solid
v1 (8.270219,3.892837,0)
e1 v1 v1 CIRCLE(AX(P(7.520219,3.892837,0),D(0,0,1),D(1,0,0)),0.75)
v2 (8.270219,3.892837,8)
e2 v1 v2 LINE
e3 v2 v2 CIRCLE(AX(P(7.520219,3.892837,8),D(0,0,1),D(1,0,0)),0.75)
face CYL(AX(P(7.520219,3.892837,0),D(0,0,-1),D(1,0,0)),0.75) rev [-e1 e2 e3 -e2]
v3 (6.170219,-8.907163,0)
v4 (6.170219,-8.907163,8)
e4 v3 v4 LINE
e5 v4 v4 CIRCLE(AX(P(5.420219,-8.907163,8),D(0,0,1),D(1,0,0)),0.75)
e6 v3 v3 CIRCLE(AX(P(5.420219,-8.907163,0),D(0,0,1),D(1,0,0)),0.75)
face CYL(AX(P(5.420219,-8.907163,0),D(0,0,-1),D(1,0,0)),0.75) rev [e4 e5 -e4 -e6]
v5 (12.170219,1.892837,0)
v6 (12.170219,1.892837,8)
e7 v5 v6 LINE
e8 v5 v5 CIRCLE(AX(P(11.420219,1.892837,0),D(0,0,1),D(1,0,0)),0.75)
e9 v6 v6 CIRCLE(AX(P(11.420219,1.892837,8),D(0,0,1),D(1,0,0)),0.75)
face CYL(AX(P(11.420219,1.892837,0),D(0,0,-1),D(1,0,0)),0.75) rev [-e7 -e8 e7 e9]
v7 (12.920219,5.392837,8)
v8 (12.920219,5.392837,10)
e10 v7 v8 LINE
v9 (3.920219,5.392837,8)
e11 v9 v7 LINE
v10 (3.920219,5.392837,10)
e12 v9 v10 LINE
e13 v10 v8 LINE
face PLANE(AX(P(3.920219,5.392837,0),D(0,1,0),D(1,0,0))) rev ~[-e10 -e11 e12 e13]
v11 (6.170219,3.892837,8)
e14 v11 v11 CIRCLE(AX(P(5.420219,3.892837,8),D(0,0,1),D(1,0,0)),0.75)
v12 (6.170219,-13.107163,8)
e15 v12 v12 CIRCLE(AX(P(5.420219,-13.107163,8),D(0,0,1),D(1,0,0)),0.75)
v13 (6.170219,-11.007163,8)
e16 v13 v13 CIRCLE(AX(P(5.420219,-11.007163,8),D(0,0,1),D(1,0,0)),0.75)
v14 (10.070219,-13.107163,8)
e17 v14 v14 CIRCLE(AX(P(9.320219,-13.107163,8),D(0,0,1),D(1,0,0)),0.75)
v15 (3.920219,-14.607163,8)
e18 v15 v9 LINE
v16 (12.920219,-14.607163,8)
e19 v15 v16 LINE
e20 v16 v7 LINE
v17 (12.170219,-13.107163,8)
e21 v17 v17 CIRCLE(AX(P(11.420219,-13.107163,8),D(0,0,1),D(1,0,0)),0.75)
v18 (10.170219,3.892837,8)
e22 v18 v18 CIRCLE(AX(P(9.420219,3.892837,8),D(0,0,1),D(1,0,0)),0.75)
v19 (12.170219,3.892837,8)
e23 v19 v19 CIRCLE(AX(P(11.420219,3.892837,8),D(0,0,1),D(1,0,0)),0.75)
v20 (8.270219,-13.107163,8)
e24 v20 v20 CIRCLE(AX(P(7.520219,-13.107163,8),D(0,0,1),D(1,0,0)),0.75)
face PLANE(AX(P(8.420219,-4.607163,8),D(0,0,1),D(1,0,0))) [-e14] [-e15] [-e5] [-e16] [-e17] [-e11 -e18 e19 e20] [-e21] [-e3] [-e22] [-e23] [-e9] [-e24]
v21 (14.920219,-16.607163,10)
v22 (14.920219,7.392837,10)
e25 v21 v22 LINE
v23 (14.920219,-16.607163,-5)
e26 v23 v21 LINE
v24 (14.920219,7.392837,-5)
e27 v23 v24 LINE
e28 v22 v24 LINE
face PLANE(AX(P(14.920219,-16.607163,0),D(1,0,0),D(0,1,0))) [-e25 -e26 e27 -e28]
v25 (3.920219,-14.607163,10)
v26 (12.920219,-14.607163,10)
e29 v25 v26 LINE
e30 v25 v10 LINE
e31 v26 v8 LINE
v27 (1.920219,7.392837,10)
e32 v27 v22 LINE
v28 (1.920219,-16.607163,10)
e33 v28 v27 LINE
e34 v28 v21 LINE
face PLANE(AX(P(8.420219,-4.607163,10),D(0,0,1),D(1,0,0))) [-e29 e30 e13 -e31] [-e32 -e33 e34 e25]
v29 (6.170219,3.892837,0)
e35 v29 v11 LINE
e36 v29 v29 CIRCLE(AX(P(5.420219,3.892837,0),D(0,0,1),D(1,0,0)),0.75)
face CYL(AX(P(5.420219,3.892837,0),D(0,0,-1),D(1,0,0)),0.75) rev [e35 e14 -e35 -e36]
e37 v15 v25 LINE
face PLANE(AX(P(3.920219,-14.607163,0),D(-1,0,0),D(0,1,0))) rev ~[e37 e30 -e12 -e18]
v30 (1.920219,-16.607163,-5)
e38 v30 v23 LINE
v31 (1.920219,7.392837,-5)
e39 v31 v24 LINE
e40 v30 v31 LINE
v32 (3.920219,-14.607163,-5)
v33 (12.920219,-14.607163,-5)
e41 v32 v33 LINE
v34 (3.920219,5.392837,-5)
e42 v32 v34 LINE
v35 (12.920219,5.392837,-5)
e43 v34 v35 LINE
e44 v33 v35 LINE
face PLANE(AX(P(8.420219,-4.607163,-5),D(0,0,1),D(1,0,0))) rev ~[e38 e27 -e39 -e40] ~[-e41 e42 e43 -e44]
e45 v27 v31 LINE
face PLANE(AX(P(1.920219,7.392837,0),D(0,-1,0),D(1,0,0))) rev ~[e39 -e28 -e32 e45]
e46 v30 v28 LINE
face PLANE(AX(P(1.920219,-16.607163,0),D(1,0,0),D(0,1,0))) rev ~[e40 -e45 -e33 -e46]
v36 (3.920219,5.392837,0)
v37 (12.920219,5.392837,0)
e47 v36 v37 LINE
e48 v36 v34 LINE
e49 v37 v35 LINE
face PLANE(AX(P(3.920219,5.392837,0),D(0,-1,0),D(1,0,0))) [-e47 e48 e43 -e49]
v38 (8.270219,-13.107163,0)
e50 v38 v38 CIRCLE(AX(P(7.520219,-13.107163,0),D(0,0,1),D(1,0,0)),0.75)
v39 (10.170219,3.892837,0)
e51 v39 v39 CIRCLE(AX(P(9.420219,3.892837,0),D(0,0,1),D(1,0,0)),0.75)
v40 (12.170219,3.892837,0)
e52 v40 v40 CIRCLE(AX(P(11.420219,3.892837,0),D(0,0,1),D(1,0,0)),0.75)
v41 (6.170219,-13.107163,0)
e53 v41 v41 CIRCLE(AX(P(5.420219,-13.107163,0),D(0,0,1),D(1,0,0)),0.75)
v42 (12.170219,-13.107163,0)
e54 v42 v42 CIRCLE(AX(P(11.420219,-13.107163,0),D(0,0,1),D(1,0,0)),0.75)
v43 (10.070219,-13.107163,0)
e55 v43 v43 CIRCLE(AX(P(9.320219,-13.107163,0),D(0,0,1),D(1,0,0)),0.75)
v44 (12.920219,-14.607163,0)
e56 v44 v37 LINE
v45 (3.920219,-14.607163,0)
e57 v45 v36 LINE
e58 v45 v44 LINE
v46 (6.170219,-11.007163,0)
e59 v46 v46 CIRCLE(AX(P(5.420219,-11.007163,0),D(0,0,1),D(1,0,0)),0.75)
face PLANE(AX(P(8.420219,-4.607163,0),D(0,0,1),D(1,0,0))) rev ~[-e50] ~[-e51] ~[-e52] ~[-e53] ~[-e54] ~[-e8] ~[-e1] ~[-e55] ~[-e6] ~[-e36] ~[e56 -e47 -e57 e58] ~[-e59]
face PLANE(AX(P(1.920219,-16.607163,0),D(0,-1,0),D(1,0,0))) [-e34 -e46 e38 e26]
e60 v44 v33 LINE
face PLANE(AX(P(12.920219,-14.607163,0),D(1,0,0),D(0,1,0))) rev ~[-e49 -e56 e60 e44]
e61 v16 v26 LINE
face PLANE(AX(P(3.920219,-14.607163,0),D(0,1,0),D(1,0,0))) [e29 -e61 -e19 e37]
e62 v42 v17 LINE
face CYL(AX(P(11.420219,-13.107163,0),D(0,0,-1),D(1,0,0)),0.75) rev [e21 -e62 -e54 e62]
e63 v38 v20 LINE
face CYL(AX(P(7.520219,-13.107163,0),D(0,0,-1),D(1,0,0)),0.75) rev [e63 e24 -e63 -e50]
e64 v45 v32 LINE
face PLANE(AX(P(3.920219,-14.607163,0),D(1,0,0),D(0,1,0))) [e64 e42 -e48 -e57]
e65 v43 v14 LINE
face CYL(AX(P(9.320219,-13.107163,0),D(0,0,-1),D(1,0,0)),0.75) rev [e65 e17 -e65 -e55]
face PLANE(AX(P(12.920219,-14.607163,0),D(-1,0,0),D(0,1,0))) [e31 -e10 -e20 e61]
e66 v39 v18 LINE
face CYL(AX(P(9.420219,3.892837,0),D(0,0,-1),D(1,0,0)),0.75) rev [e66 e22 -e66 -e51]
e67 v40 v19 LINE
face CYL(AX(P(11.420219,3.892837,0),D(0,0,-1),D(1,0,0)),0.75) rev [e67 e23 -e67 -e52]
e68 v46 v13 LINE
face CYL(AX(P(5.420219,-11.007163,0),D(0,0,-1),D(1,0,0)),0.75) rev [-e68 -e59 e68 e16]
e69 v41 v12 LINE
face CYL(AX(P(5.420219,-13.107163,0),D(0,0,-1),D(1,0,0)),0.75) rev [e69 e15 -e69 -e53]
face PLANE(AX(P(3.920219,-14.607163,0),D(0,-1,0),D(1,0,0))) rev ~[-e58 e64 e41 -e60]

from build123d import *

# Parameters (mm, degrees)
F0_W     = 13
F0_H     = 24
F0_W_2   = 9
F0_H_2   = 20
F1_DEPTH = 10
F0_R     = 0.75
F2_DEPTH = 8
F3_DEPTH = 5


with BuildPart() as f1:
    # F0 (on Top) → F1 (new body)
    with BuildSketch(Plane.XY):
        with Locations((8.4202193944, -4.6071633101)):
            Rectangle(F0_W, F0_H)
        with Locations((8.4202193944, -4.6071633101)):
            Rectangle(F0_W_2, F0_H_2, mode=Mode.SUBTRACT)
    extrude(amount=F1_DEPTH)

    # F0 (on Top) → F2 (join)
    with BuildSketch(Plane.XY):
        with Locations((8.4202193944, -4.6071633101)):
            Rectangle(F0_W, F0_H)
        with Locations((8.4202193944, -4.6071633101)):
            Rectangle(F0_W_2, F0_H_2, mode=Mode.SUBTRACT)
        with Locations((8.4202193944, -4.6071633101)):
            Rectangle(F0_W_2, F0_H_2)
        with Locations((5.4202193944, -13.1071633101)):
            Circle(F0_R, mode=Mode.SUBTRACT)
        with Locations((5.4202193944, -11.0071633101)):
            Circle(F0_R, mode=Mode.SUBTRACT)
        with Locations((7.5202193944, -13.1071633101)):
            Circle(F0_R, mode=Mode.SUBTRACT)
        with Locations((5.4202193944, -8.9071633101)):
            Circle(F0_R, mode=Mode.SUBTRACT)
        with Locations((9.3202193944, -13.1071633101)):
            Circle(F0_R, mode=Mode.SUBTRACT)
        with Locations((11.4202193944, -13.1071633101)):
            Circle(F0_R, mode=Mode.SUBTRACT)
        with Locations((5.4202193944, 3.8928366899)):
            Circle(F0_R, mode=Mode.SUBTRACT)
        with Locations((7.5202193944, 3.8928366899)):
            Circle(F0_R, mode=Mode.SUBTRACT)
        with Locations((9.4202193944, 3.8928366899)):
            Circle(F0_R, mode=Mode.SUBTRACT)
        with Locations((11.4202193944, 1.8928366899)):
            Circle(F0_R, mode=Mode.SUBTRACT)
        with Locations((11.4202193944, 3.8928366899)):
            Circle(F0_R, mode=Mode.SUBTRACT)
    extrude(amount=F2_DEPTH)

    # F0 (on Top) → F3 (join)
    with BuildSketch(Plane.XY):
        with Locations((8.4202193944, -4.6071633101)):
            Rectangle(F0_W, F0_H)
        with Locations((8.4202193944, -4.6071633101)):
            Rectangle(F0_W_2, F0_H_2, mode=Mode.SUBTRACT)
    extrude(amount=-F3_DEPTH)


solid = f1.part
